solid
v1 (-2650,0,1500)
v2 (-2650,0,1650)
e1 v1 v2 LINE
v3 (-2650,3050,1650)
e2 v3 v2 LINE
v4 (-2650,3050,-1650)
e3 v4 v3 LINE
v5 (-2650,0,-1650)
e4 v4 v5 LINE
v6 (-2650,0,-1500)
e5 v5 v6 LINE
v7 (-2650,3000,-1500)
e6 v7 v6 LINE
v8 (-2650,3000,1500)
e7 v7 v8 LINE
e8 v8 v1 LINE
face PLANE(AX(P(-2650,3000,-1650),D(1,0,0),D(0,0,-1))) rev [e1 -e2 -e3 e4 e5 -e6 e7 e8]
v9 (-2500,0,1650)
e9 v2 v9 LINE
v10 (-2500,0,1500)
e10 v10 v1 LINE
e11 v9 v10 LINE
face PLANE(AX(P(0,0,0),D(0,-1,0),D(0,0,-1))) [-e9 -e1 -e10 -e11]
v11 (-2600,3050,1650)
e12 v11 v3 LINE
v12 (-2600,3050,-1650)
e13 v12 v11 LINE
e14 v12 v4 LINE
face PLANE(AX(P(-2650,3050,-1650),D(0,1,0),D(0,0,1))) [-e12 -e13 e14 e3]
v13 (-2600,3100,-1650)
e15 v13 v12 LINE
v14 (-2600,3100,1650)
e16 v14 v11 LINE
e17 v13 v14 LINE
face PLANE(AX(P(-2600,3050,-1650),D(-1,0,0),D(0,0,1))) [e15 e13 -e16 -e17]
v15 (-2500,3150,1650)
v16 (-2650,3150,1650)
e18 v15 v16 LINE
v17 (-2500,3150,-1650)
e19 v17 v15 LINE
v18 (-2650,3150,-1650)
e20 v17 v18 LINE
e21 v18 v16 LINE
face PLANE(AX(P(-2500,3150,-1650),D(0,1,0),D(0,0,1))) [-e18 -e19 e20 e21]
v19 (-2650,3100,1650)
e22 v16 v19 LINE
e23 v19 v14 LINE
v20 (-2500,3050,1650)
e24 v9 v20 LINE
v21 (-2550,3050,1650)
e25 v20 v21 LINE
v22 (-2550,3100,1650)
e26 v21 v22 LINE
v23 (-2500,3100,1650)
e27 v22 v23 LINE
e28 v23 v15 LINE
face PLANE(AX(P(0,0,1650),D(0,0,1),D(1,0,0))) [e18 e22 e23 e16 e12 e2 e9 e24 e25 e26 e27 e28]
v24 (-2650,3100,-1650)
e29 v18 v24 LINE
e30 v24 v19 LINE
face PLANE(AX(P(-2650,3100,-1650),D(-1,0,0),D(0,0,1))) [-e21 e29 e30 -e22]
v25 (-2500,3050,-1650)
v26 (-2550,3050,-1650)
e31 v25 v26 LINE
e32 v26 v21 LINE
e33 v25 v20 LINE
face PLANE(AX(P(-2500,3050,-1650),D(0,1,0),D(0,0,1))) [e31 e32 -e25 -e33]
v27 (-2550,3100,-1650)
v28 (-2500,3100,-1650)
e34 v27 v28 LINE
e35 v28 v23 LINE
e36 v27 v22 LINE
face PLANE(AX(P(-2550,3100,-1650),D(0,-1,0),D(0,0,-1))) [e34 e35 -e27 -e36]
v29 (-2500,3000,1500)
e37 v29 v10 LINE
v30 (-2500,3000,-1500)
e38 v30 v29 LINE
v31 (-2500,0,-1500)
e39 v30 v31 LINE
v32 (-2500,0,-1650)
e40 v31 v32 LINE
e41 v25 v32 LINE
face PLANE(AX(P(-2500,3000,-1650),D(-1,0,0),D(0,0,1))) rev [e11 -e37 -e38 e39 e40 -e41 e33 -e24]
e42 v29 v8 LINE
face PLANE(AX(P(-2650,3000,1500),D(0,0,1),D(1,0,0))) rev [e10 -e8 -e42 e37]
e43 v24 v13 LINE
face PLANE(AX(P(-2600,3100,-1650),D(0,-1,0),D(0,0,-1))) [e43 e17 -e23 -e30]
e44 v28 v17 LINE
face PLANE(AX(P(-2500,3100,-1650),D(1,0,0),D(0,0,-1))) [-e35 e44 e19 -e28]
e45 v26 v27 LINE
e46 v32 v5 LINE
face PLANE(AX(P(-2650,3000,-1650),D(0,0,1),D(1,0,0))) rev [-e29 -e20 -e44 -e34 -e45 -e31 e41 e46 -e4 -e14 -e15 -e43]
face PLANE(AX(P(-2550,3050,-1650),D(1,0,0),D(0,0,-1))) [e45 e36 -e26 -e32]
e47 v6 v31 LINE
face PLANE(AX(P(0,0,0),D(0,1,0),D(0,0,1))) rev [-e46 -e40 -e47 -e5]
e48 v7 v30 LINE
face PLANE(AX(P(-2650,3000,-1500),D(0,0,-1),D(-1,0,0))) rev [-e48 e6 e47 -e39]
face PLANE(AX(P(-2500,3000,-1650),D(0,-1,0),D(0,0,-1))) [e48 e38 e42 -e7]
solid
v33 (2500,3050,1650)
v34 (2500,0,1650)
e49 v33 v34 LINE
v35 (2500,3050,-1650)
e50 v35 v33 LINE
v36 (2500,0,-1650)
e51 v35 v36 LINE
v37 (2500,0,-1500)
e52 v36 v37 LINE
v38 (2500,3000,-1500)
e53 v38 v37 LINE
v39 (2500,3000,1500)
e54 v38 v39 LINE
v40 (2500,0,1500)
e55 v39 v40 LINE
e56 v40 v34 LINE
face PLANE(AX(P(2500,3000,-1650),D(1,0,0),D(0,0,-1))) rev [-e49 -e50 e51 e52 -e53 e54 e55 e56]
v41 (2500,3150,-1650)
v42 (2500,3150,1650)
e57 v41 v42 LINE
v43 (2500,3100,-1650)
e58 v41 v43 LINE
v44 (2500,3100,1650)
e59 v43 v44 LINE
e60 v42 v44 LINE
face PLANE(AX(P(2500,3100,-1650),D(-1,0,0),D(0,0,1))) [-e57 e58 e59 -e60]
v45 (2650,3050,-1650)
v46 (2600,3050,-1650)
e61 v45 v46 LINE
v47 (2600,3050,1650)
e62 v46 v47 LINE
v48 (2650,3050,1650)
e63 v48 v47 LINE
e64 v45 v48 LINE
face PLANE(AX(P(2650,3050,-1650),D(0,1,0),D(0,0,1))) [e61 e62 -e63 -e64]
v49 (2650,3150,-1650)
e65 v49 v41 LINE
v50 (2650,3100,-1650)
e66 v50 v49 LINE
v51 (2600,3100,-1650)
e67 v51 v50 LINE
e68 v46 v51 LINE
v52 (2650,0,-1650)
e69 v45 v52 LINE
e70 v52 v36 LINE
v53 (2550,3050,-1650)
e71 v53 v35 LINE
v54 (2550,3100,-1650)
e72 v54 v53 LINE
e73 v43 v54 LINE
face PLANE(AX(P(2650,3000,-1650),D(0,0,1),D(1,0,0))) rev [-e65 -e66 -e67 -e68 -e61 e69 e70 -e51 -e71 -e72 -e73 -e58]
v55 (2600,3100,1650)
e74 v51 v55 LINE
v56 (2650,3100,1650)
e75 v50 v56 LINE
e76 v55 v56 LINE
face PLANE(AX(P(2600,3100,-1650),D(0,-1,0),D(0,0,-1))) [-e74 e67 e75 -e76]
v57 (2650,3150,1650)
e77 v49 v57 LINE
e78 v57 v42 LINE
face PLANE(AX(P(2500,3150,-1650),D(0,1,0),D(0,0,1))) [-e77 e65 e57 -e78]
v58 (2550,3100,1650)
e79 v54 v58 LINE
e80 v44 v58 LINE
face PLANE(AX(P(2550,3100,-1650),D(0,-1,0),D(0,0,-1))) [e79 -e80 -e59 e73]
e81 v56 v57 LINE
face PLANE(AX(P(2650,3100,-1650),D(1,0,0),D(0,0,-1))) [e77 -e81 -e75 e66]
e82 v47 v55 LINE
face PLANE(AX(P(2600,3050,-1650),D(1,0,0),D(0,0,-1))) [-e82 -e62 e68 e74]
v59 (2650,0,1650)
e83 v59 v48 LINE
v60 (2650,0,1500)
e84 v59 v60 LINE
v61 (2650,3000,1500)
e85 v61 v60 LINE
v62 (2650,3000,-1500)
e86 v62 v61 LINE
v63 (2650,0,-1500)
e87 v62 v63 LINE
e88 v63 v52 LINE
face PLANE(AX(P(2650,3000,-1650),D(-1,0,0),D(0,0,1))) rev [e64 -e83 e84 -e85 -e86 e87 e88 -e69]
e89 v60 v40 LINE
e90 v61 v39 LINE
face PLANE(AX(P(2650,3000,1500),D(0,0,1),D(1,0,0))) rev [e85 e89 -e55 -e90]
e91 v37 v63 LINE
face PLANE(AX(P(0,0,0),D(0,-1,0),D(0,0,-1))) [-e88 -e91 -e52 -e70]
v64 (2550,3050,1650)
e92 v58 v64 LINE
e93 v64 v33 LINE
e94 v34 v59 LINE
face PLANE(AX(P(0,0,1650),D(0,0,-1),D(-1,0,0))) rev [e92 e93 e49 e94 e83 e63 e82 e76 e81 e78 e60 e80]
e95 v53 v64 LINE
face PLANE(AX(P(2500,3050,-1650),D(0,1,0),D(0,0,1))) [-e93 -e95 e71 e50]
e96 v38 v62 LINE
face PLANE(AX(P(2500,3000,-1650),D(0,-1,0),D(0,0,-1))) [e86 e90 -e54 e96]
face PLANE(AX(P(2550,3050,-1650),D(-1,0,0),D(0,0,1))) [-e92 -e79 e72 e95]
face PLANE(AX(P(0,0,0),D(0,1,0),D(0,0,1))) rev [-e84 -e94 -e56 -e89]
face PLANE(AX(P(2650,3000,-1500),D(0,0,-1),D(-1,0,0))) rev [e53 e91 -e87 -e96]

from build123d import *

# Parameters (mm, degrees)
SKETCH1_W             = 150
SKETCH1_H             = 150
BOSS_EXTRUDE1_DEPTH   = 3000
BOSS_EXTRUDE1_2_DEPTH = 3000
BOSS_EXTRUDE1_3_DEPTH = 3000
BOSS_EXTRUDE1_4_DEPTH = 3000
BOSS_EXTRUDE2_DEPTH   = 3300


with BuildPart() as part:
    # Sketch1 → Boss-Extrude1 (new body)
    with BuildSketch(Plane(origin=(0, 0, 0), x_dir=(1, 0, 0), z_dir=(0, 1, 0))):
        with Locations((-2575, 1575)):
            Rectangle(SKETCH1_W, SKETCH1_H)
    extrude(amount=BOSS_EXTRUDE1_DEPTH)



with BuildPart() as body_2:
    # Sketch1 → Boss-Extrude1 2 (new body)
    with BuildSketch(Plane(origin=(0, 0, 0), x_dir=(1, 0, 0), z_dir=(0, 1, 0))):
        with Locations((-2575, -1575)):
            Rectangle(SKETCH1_W, SKETCH1_H)
    extrude(amount=BOSS_EXTRUDE1_2_DEPTH)


with BuildPart() as body_3:
    # Sketch1 → Boss-Extrude1 3 (new body)
    with BuildSketch(Plane(origin=(0, 0, 0), x_dir=(1, 0, 0), z_dir=(0, 1, 0))):
        with Locations((2575, 1575)):
            Rectangle(SKETCH1_W, SKETCH1_H)
    extrude(amount=BOSS_EXTRUDE1_3_DEPTH)


with BuildPart() as body_4:
    # Sketch1 → Boss-Extrude1 4 (new body)
    with BuildSketch(Plane(origin=(0, 0, 0), x_dir=(1, 0, 0), z_dir=(0, 1, 0))):
        with Locations((2575, -1575)):
            Rectangle(SKETCH1_W, SKETCH1_H)
    extrude(amount=BOSS_EXTRUDE1_4_DEPTH)


with BuildPart() as part_1:
    add(part.part)

    add(body_2.part)  # Boss-Extrude2 merges body 2

    add(body_3.part)  # Boss-Extrude2 merges body 3

    add(body_4.part)  # Boss-Extrude2 merges body 4
    # Sketch2 → Boss-Extrude2 (add)
    with BuildSketch(Plane.XY.offset(1650)):
        Polygon((-2500, 3000), (-2650, 3000), (-2650, 3050), (-2600, 3050), (-2600, 3100), (-2650, 3100), (-2650, 3150), (-2500, 3150), (-2500, 3100), (-2550, 3100), (-2550, 3050), (-2500, 3050), align=None)
        Polygon((2500, 3150), (2650, 3150), (2650, 3100), (2600, 3100), (2600, 3050), (2650, 3050), (2650, 3000), (2500, 3000), (2500, 3050), (2550, 3050), (2550, 3100), (2500, 3100), align=None)
    extrude(amount=-BOSS_EXTRUDE2_DEPTH)


solid = part_1.part
